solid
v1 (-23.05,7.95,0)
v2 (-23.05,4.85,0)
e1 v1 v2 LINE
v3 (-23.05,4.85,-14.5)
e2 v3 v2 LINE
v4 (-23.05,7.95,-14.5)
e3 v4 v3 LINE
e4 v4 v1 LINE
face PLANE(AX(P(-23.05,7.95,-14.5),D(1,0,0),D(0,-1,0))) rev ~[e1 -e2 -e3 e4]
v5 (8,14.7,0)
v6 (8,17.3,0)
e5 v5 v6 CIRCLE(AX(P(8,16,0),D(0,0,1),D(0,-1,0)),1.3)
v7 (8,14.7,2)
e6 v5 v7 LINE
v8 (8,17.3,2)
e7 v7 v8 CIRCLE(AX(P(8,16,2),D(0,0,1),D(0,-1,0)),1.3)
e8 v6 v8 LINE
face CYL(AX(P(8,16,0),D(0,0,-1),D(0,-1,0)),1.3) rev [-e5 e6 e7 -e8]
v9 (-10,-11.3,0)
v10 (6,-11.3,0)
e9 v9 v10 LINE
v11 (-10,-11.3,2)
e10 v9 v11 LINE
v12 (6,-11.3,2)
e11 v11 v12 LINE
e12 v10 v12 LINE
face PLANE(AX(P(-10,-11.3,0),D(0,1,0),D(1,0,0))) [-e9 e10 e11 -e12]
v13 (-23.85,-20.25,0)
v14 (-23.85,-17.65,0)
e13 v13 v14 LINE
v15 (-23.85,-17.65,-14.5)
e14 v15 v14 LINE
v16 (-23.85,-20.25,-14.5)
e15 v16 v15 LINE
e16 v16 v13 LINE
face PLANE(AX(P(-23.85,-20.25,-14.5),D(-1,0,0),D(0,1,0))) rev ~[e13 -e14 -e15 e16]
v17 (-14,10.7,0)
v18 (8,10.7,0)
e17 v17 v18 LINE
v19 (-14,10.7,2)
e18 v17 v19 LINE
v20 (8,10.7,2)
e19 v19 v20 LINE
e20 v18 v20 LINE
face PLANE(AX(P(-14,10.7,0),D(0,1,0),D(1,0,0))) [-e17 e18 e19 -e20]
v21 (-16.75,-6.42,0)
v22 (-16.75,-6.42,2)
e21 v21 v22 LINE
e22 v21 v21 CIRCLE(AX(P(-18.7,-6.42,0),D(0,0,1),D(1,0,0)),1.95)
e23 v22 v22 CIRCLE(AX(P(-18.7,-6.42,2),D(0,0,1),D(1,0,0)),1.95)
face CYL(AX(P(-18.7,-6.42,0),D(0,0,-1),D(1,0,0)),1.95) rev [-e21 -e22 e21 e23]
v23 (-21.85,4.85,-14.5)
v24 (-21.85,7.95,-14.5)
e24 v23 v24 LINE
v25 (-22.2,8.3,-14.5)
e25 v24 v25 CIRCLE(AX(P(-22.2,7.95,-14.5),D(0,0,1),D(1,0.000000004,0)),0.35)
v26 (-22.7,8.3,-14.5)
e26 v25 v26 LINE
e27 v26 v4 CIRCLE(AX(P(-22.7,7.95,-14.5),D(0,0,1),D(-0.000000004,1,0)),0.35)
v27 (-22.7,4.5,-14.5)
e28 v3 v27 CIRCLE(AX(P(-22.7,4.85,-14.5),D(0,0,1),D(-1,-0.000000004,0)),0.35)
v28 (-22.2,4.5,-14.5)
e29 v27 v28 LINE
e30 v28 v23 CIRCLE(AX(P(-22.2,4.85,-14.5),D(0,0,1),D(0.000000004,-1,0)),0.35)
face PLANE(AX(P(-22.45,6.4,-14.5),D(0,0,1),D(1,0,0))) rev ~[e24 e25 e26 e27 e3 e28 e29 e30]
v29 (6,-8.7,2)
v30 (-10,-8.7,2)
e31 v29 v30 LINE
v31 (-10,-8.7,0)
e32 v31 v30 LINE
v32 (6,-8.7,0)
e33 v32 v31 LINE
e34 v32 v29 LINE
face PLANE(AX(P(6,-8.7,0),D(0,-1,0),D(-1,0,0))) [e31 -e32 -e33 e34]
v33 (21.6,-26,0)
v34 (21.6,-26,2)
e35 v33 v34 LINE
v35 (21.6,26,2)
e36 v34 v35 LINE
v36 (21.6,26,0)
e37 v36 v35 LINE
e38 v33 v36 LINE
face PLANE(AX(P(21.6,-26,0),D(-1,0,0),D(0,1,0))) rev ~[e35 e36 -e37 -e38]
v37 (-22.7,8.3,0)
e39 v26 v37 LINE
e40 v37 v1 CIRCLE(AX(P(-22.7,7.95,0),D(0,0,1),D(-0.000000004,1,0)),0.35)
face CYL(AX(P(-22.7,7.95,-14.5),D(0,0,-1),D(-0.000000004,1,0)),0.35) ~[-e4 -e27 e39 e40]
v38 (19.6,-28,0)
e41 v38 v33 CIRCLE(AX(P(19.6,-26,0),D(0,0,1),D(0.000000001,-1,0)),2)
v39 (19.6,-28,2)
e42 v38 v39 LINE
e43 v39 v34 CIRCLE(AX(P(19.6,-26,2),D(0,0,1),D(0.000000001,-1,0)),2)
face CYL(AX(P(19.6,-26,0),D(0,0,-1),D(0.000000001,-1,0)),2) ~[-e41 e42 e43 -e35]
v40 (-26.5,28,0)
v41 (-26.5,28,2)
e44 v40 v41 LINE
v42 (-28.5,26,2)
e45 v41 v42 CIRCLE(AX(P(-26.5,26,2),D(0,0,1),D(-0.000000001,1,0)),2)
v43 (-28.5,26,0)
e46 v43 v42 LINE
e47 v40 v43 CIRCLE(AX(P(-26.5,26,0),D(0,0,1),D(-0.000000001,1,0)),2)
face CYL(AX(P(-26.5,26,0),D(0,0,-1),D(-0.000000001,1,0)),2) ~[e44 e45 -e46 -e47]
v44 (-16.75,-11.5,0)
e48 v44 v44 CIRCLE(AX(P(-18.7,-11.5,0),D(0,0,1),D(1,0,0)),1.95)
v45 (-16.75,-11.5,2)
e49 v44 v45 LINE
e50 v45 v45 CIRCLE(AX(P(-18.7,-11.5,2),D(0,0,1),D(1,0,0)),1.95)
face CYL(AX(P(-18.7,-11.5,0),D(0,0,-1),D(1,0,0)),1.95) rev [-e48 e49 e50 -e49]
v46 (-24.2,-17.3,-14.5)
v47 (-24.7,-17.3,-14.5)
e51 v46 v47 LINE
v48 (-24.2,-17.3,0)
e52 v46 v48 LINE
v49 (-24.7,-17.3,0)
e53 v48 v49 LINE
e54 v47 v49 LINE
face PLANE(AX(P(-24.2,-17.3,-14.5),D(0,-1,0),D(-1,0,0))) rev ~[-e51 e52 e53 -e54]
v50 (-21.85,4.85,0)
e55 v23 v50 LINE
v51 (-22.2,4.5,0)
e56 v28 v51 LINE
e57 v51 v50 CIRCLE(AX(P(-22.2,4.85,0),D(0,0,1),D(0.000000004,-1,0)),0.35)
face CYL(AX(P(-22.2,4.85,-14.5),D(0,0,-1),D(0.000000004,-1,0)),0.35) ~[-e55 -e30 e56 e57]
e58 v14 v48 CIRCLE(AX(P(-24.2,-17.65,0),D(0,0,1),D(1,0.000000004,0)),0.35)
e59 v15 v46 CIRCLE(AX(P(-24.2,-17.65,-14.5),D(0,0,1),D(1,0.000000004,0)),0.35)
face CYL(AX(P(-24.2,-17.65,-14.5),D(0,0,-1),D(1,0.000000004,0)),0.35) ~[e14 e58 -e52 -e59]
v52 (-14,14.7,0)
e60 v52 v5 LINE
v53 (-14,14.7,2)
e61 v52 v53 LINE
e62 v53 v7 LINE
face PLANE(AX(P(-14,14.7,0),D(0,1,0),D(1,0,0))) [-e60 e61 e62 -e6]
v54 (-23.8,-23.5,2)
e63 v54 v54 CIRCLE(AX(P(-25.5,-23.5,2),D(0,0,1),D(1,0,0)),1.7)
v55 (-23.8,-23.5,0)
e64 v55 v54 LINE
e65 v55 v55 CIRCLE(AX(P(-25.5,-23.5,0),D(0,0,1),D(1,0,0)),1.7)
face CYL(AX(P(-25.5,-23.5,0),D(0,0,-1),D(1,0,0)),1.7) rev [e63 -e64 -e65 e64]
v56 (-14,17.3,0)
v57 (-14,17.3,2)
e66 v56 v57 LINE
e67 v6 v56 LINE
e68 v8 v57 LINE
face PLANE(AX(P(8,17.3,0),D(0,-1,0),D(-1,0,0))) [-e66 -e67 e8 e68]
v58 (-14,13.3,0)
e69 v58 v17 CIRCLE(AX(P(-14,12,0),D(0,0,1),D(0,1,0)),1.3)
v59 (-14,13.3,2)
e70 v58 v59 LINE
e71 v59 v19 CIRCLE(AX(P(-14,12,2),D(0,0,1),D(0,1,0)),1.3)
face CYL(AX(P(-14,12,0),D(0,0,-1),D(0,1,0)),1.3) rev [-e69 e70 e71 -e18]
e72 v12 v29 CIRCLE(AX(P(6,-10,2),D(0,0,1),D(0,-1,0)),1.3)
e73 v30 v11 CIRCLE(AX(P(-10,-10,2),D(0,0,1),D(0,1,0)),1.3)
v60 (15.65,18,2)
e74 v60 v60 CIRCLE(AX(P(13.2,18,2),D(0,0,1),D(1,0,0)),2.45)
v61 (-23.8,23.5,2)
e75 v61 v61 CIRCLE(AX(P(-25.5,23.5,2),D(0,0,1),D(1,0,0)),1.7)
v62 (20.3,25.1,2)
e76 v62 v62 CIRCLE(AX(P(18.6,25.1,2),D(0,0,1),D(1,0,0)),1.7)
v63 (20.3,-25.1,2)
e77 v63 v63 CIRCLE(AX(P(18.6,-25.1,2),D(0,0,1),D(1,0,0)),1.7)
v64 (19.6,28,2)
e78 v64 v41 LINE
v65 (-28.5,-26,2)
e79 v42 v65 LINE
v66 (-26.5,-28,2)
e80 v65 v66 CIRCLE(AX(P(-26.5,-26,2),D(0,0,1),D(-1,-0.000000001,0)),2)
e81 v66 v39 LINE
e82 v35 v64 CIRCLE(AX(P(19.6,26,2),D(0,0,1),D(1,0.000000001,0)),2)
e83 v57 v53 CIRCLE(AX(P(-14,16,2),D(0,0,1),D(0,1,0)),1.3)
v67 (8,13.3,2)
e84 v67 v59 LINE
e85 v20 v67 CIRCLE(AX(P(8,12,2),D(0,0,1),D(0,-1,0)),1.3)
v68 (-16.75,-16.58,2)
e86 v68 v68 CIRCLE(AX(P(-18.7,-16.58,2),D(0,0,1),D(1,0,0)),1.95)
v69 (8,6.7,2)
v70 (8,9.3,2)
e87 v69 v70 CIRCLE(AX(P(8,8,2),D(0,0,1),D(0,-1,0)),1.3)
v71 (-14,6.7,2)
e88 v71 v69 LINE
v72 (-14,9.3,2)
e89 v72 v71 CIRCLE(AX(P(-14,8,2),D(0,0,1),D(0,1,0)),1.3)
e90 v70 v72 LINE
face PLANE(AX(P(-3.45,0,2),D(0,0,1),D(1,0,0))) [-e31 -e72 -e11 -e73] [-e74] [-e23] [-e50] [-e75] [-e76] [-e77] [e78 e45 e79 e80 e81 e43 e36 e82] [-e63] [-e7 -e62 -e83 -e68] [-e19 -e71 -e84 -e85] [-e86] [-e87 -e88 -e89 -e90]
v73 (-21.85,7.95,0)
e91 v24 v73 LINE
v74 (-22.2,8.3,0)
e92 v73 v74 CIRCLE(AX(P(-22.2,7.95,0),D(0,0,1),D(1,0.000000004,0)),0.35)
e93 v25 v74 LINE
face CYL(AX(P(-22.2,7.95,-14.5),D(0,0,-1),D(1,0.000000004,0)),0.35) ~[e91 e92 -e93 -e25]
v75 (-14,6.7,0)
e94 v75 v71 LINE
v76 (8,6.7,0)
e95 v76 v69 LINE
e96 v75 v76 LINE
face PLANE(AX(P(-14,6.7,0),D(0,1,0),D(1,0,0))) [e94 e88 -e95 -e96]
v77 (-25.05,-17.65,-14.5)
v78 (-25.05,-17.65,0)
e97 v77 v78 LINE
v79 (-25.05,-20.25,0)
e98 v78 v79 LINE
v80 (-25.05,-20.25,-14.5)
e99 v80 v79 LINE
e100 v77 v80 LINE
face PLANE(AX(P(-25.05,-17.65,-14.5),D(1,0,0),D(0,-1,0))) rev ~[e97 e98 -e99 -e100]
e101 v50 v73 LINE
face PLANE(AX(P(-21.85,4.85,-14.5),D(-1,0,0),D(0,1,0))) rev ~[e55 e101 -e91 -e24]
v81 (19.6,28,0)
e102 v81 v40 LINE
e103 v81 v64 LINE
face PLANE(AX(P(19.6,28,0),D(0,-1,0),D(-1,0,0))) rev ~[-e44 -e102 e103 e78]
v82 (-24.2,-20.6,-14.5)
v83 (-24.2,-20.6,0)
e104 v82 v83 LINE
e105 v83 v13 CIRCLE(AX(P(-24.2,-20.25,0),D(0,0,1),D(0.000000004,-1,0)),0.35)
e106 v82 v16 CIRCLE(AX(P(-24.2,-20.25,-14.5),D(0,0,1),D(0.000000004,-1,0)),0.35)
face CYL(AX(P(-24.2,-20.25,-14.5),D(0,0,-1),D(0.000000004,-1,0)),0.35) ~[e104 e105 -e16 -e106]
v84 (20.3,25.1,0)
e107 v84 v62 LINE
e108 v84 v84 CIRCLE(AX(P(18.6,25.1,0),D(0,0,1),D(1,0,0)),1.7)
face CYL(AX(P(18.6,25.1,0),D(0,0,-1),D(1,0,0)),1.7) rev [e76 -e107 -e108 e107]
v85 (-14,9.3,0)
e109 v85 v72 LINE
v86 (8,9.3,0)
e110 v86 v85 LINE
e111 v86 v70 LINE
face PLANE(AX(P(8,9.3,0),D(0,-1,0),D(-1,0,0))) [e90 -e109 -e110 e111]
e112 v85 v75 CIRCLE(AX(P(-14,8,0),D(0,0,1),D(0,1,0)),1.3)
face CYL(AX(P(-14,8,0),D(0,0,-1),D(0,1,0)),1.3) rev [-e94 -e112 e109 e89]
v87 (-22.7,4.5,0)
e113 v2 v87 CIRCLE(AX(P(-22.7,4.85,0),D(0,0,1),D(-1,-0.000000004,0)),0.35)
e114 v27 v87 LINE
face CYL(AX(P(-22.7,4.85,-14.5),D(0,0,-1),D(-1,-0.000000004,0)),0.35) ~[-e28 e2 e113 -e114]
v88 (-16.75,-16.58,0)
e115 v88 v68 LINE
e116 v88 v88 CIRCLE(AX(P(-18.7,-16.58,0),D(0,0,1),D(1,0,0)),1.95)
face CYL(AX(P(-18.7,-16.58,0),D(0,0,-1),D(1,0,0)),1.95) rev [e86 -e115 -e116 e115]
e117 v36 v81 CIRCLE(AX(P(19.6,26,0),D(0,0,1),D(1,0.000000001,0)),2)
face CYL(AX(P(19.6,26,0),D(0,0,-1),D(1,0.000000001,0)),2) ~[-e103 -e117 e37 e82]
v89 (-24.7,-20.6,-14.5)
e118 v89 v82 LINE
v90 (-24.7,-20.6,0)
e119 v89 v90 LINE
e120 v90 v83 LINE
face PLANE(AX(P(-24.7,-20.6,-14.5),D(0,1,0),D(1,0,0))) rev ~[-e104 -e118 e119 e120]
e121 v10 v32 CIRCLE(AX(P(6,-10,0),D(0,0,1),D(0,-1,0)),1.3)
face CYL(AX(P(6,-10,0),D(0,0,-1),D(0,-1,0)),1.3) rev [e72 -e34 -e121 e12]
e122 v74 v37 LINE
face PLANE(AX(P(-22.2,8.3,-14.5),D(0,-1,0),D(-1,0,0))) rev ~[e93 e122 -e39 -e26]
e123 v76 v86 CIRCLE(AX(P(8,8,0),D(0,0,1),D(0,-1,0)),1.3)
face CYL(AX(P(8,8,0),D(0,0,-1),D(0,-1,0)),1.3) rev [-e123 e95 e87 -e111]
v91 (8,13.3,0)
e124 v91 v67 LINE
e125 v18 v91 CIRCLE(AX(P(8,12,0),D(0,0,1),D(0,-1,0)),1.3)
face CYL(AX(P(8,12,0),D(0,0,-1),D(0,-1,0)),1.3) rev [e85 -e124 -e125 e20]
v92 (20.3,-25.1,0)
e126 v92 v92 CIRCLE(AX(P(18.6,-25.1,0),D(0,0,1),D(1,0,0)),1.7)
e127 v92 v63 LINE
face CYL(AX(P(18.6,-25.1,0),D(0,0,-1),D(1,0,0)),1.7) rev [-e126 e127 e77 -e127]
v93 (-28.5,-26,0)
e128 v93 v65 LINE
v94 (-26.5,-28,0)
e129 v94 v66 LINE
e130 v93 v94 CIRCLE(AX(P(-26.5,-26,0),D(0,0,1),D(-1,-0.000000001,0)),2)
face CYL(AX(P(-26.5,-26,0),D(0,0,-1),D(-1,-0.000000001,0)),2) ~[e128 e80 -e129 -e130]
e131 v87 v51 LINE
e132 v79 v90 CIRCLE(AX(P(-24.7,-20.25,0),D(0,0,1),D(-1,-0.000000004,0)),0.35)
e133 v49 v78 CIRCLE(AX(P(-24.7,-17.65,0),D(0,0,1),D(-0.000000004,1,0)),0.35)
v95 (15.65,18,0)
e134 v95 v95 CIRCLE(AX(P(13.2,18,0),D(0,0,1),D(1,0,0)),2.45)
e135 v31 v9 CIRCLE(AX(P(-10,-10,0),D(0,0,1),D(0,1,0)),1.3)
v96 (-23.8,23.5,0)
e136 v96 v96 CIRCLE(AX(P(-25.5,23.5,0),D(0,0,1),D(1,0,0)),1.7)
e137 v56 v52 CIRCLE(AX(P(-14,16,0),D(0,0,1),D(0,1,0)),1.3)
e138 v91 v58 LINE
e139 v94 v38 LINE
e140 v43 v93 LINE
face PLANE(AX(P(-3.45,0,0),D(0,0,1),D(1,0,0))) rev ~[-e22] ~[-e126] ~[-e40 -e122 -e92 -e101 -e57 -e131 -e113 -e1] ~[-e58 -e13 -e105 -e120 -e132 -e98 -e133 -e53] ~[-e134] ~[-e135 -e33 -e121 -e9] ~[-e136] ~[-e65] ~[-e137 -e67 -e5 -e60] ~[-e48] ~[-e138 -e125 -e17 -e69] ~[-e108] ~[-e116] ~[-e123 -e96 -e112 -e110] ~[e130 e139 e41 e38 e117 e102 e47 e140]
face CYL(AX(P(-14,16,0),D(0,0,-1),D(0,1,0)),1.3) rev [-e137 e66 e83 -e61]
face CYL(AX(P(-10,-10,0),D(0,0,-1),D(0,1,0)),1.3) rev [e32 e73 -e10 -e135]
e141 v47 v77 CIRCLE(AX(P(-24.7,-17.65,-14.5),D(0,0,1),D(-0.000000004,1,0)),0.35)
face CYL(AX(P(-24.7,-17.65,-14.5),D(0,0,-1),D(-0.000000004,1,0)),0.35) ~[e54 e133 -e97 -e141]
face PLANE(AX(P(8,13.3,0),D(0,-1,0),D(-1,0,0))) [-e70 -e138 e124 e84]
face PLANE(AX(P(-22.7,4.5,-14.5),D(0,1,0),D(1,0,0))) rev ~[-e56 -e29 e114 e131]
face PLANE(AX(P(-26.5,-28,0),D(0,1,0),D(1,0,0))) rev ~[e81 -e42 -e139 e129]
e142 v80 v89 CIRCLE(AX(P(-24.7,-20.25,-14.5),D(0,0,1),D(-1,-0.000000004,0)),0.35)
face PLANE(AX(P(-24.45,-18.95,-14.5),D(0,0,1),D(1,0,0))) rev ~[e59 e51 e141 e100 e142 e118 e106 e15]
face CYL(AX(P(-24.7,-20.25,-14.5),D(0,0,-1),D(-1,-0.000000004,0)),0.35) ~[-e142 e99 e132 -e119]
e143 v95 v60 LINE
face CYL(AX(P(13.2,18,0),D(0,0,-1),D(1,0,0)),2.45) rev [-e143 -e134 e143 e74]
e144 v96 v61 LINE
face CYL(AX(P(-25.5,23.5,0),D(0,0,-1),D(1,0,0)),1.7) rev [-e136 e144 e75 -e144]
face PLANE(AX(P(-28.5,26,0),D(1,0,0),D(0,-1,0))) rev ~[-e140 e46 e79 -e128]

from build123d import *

# Parameters (mm, degrees)
CLEAR_GUARD_2MM_SKETCH_R                 = 1.7
CLEAR_GUARD_2MM_DEPTH                    = 2
OPENINGS_VENT_AND_TRIM_ACCESS_SKETCH_R   = 2.45
OPENINGS_VENT_AND_TRIM_ACCESS_SKETCH_R_2 = 1.95
OPENINGS_VENT_AND_TRIM_ACCESS_DEPTH      = 2
PCB_END_STOPS_START                      = -14.5
PCB_END_STOPS_DEPTH                      = 14.5


with BuildPart() as part:
    # Clear_guard_2mm_Sketch → Clear_guard_2mm (new body)
    with BuildSketch(Plane.XY):
        with BuildLine():
            Line((-26.5, -28), (19.6, -28))
            ThreePointArc((19.6, -28), (21.014213562, -27.414213562), (21.6, -26))
            Line((21.6, -26), (21.6, 26))
            ThreePointArc((21.6, 26), (21.014213562, 27.414213562), (19.6, 28))
            Line((19.6, 28), (-26.5, 28))
            ThreePointArc((-26.5, 28), (-27.914213562, 27.414213562), (-28.5, 26))
            Line((-28.5, 26), (-28.5, -26))
            ThreePointArc((-28.5, -26), (-27.914213562, -27.414213562), (-26.5, -28))
        make_face()
        with Locations((-25.5, -23.5)):
            Circle(CLEAR_GUARD_2MM_SKETCH_R, mode=Mode.SUBTRACT)
        with Locations((18.6, -25.1)):
            Circle(CLEAR_GUARD_2MM_SKETCH_R, mode=Mode.SUBTRACT)
        with Locations((-25.5, 23.5)):
            Circle(CLEAR_GUARD_2MM_SKETCH_R, mode=Mode.SUBTRACT)
        with Locations((18.6, 25.1)):
            Circle(CLEAR_GUARD_2MM_SKETCH_R, mode=Mode.SUBTRACT)
    extrude(amount=CLEAR_GUARD_2MM_DEPTH)

    # Openings_vent_and_trim_access_Sketch → Openings_vent_and_trim_access (cut)
    with BuildSketch(Plane.XY):
        with Locations((13.2, 18)):
            Circle(OPENINGS_VENT_AND_TRIM_ACCESS_SKETCH_R)
        with Locations((-18.7, -16.58)):
            Circle(OPENINGS_VENT_AND_TRIM_ACCESS_SKETCH_R_2)
        with Locations((-18.7, -11.5)):
            Circle(OPENINGS_VENT_AND_TRIM_ACCESS_SKETCH_R_2)
        with Locations((-18.7, -6.42)):
            Circle(OPENINGS_VENT_AND_TRIM_ACCESS_SKETCH_R_2)
        with BuildLine():
            Line((-14, 6.7), (8, 6.7))
            ThreePointArc((8, 6.7), (9.3, 8), (8, 9.3))
            Line((8, 9.3), (-14, 9.3))
            ThreePointArc((-14, 9.3), (-15.3, 8), (-14, 6.7))
        make_face()
        with BuildLine():
            Line((-14, 10.7), (8, 10.7))
            ThreePointArc((8, 10.7), (9.3, 12), (8, 13.3))
            Line((8, 13.3), (-14, 13.3))
            ThreePointArc((-14, 13.3), (-15.3, 12), (-14, 10.7))
        make_face()
        with BuildLine():
            Line((-14, 14.7), (8, 14.7))
            ThreePointArc((8, 14.7), (9.3, 16), (8, 17.3))
            Line((8, 17.3), (-14, 17.3))
            ThreePointArc((-14, 17.3), (-15.3, 16), (-14, 14.7))
        make_face()
        with BuildLine():
            Line((-10, -11.3), (6, -11.3))
            ThreePointArc((6, -11.3), (7.3, -10), (6, -8.7))
            Line((6, -8.7), (-10, -8.7))
            ThreePointArc((-10, -8.7), (-11.3, -10), (-10, -11.3))
        make_face()
    extrude(amount=OPENINGS_VENT_AND_TRIM_ACCESS_DEPTH, mode=Mode.SUBTRACT)

    # PCB_end_stops_Sketch → PCB_end_stops (add)
    with BuildSketch(Plane.XY.offset(PCB_END_STOPS_START)):
        with BuildLine():
            Line((-22.7, 4.5), (-22.2, 4.5))
            ThreePointArc((-22.2, 4.5), (-21.952512627, 4.602512627), (-21.85, 4.85))
            Line((-21.85, 4.85), (-21.85, 7.95))
            ThreePointArc((-21.85, 7.95), (-21.952512627, 8.197487373), (-22.2, 8.3))
            Line((-22.2, 8.3), (-22.7, 8.3))
            ThreePointArc((-22.7, 8.3), (-22.947487373, 8.197487373), (-23.05, 7.95))
            Line((-23.05, 7.95), (-23.05, 4.85))
            ThreePointArc((-23.05, 4.85), (-22.947487373, 4.602512627), (-22.7, 4.5))
        make_face()
        with BuildLine():
            Line((-24.7, -20.6), (-24.2, -20.6))
            ThreePointArc((-24.2, -20.6), (-23.952512627, -20.497487373), (-23.85, -20.25))
            Line((-23.85, -20.25), (-23.85, -17.65))
            ThreePointArc((-23.85, -17.65), (-23.952512627, -17.402512627), (-24.2, -17.3))
            Line((-24.2, -17.3), (-24.7, -17.3))
            ThreePointArc((-24.7, -17.3), (-24.947487373, -17.402512627), (-25.05, -17.65))
            Line((-25.05, -17.65), (-25.05, -20.25))
            ThreePointArc((-25.05, -20.25), (-24.947487373, -20.497487373), (-24.7, -20.6))
        make_face()
    extrude(amount=PCB_END_STOPS_DEPTH)


solid = part.part
